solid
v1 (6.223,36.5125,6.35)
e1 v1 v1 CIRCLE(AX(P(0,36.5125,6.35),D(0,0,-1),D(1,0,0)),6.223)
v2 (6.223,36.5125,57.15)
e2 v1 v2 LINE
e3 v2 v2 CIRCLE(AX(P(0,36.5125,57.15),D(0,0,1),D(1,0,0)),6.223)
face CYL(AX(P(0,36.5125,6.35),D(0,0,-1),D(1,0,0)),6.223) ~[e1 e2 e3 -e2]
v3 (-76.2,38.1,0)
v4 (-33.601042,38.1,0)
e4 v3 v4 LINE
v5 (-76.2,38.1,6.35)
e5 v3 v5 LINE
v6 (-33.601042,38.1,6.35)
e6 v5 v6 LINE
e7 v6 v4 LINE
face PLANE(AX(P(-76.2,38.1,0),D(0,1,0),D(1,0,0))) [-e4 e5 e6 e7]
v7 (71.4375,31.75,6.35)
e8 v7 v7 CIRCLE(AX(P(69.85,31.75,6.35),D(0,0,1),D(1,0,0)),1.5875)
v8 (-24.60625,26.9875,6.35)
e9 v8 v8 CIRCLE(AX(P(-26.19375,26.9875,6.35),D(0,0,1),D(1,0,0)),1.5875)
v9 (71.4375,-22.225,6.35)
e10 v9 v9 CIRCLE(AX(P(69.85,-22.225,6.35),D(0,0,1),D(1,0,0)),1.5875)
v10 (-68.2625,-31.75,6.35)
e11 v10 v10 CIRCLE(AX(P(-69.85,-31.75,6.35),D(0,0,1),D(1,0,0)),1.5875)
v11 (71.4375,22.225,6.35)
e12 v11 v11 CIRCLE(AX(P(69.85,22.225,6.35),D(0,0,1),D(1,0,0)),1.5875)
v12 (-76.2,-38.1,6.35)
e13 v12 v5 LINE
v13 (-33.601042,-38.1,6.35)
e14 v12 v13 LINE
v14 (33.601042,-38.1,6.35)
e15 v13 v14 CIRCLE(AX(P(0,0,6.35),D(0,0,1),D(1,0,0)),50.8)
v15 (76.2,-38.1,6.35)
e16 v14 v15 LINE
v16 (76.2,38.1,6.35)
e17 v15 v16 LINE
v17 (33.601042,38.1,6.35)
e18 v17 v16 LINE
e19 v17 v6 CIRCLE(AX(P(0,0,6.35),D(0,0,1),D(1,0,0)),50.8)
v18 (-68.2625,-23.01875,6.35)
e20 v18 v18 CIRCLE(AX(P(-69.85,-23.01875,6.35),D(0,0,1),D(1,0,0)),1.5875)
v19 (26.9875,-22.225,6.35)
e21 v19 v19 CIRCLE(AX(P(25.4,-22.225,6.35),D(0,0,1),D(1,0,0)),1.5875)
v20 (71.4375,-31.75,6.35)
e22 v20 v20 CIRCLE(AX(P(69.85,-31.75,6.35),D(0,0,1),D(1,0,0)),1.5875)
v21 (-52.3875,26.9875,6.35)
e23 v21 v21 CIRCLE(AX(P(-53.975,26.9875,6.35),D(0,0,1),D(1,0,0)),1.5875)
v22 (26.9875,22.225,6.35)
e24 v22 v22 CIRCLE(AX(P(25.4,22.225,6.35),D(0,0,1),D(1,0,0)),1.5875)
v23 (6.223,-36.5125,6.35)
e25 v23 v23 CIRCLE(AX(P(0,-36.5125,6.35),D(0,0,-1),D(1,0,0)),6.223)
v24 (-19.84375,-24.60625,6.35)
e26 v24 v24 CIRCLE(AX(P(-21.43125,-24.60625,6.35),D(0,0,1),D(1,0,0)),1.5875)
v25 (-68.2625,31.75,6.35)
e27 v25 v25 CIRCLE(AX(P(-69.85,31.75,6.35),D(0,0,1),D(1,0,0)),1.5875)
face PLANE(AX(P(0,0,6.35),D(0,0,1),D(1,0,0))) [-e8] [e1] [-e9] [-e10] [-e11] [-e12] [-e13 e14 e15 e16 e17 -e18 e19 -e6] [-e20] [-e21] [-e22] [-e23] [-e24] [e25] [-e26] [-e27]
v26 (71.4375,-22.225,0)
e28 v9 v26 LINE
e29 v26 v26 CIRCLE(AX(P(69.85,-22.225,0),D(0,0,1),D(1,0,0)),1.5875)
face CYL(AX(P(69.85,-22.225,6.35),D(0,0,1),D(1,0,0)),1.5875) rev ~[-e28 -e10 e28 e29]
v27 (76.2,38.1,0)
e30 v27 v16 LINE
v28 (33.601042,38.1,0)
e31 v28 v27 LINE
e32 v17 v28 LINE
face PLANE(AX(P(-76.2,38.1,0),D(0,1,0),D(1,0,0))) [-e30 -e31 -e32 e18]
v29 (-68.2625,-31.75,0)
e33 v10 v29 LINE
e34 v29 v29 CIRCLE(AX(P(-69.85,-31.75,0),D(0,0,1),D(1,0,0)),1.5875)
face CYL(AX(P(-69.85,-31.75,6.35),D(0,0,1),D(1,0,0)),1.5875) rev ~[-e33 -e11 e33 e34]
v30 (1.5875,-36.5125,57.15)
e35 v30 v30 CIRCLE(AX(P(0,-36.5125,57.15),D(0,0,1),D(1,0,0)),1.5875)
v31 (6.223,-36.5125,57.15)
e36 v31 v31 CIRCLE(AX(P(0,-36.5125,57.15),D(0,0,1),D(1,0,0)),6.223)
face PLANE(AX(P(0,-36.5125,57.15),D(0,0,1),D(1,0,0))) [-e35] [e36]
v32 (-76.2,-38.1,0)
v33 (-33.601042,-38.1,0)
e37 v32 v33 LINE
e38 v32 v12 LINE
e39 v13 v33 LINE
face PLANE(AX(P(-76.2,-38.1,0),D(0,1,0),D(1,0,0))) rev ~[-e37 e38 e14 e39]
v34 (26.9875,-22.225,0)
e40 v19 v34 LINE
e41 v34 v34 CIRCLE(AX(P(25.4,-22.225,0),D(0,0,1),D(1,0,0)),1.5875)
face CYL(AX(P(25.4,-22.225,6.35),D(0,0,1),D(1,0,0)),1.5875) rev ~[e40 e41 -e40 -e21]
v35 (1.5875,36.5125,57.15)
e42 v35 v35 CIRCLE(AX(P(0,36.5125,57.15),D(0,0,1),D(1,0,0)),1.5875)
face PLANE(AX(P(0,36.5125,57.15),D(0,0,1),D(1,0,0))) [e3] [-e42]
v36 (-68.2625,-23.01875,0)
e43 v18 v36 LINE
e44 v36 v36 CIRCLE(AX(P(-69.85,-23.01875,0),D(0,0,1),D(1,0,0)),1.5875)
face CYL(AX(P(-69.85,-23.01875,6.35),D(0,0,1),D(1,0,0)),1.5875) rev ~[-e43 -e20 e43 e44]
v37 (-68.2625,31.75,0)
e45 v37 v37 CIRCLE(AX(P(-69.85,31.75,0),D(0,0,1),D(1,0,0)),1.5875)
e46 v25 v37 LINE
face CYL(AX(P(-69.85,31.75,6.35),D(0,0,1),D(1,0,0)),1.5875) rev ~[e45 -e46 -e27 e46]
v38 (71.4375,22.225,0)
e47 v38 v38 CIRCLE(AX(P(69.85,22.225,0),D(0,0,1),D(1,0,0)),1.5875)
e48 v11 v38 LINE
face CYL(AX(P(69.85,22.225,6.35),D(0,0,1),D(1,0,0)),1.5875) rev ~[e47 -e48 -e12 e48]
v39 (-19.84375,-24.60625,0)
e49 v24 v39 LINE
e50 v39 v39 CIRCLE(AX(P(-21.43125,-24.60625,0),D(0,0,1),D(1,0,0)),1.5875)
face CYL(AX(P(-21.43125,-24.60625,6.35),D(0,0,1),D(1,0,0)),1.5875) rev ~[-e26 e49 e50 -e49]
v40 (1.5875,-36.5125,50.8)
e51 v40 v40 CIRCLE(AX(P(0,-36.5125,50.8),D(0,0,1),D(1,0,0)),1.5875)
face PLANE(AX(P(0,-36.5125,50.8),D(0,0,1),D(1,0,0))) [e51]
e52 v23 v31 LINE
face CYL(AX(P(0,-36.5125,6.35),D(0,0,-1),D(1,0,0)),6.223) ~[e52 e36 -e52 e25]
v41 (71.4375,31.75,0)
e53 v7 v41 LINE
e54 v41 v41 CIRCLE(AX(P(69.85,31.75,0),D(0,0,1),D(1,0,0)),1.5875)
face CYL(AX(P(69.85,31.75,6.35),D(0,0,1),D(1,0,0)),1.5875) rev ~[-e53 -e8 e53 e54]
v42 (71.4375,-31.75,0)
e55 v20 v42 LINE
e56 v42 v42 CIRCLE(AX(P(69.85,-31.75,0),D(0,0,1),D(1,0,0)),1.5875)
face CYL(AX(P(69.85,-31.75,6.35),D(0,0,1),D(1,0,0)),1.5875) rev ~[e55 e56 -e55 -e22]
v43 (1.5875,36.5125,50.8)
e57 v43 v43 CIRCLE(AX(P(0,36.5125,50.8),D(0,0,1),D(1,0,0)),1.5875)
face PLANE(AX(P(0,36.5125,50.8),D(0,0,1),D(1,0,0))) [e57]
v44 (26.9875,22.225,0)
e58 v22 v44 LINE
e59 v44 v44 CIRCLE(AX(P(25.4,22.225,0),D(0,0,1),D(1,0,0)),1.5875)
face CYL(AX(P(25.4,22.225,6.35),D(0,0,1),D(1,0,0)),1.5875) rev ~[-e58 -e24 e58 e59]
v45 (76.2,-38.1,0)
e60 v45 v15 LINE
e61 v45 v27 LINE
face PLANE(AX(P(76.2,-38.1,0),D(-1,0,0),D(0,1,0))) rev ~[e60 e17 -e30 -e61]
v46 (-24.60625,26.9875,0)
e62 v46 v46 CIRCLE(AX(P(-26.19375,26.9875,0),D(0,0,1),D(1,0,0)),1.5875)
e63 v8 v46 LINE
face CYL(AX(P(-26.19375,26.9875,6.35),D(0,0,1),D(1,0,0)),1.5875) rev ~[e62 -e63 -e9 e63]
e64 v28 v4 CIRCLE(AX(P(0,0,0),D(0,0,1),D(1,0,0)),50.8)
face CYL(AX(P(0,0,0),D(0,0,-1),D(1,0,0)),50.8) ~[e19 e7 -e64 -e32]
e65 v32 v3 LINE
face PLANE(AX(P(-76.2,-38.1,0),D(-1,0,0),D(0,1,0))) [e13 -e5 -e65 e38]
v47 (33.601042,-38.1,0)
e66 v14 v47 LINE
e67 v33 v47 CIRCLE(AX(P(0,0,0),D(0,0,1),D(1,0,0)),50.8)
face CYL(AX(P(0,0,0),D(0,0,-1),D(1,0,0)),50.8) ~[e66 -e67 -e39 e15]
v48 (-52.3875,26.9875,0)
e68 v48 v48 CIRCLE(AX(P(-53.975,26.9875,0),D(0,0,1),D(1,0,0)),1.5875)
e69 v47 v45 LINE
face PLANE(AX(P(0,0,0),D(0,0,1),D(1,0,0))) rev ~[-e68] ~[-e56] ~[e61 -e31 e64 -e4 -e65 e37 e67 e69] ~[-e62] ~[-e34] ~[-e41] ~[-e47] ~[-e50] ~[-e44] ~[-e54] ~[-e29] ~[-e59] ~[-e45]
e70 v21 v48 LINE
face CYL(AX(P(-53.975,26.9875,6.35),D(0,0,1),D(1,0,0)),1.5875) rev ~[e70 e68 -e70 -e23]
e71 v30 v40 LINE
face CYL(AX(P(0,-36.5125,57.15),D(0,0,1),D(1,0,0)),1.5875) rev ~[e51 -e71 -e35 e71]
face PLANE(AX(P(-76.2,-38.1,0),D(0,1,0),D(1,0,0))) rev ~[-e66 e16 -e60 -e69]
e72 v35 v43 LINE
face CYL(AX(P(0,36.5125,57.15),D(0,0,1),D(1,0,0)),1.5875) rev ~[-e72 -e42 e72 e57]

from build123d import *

# Parameters (mm, degrees)
F0_R      = 50.8
F1_DEPTH  = 6.35
F2_R      = 6.223
F3_DEPTH  = 50.8
F4_W      = 152.4
F4_H      = 76.2
F5_DEPTH  = 6.35
F6_R      = 1.5875
F7_DEPTH  = 6.35
F8_R      = 1.5875
F9_DEPTH  = 6.35
F10_R     = 1.5875
F11_DEPTH = 25.4


with BuildPart() as f1:
    # F0 (on Top) → F1 (new body)
    with BuildSketch(Plane.XY):
        Circle(F0_R)
    extrude(amount=F1_DEPTH)

    # F2 (on face) → F3 (join)
    with BuildSketch(Plane.XY.offset(6.35)):
        with Locations((0, -36.5125)):
            Circle(F2_R)
        with Locations((0, 36.5125)):
            Circle(F2_R)
    extrude(amount=F3_DEPTH)

    # F4 (on Top) → F5 (join)
    with BuildSketch(Plane.XY):
        Rectangle(F4_W, F4_H)
    extrude(amount=F5_DEPTH)

    # F6 (on face) → F7 (cut, through all)
    with BuildSketch(Plane.XY.offset(6.35)):
        with Locations((-53.975, 26.9875)):
            Circle(F6_R)
        with Locations((-69.85, -23.01875)):
            Circle(F6_R)
        with Locations((-26.19375, 26.9875)):
            Circle(F6_R)
        with Locations((-21.43125, -24.60625)):
            Circle(F6_R)
        with Locations((25.4, 22.225)):
            Circle(F6_R)
        with Locations((69.85, 22.225)):
            Circle(F6_R)
        with Locations((25.4, -22.225)):
            Circle(F6_R)
        with Locations((69.85, -22.225)):
            Circle(F6_R)
    extrude(amount=-F7_DEPTH, mode=Mode.SUBTRACT)

    # F8 (on face) → F9 (cut)
    with BuildSketch(Plane.XY.offset(57.15)):
        with Locations((0, 36.5125)):
            Circle(F8_R)
        with Locations((0, -36.5125)):
            Circle(F8_R)
    extrude(amount=-F9_DEPTH, mode=Mode.SUBTRACT)

    # F10 (on face) → F11 (cut)
    with BuildSketch(Plane.XY.offset(6.35)):
        with Locations((-69.85, 31.75)):
            Circle(F10_R)
        with Locations((-69.85, -31.75)):
            Circle(F10_R)
        with Locations((69.85, -31.75)):
            Circle(F10_R)
        with Locations((69.85, 31.75)):
            Circle(F10_R)
    extrude(amount=-F11_DEPTH, mode=Mode.SUBTRACT)


solid = f1.part
